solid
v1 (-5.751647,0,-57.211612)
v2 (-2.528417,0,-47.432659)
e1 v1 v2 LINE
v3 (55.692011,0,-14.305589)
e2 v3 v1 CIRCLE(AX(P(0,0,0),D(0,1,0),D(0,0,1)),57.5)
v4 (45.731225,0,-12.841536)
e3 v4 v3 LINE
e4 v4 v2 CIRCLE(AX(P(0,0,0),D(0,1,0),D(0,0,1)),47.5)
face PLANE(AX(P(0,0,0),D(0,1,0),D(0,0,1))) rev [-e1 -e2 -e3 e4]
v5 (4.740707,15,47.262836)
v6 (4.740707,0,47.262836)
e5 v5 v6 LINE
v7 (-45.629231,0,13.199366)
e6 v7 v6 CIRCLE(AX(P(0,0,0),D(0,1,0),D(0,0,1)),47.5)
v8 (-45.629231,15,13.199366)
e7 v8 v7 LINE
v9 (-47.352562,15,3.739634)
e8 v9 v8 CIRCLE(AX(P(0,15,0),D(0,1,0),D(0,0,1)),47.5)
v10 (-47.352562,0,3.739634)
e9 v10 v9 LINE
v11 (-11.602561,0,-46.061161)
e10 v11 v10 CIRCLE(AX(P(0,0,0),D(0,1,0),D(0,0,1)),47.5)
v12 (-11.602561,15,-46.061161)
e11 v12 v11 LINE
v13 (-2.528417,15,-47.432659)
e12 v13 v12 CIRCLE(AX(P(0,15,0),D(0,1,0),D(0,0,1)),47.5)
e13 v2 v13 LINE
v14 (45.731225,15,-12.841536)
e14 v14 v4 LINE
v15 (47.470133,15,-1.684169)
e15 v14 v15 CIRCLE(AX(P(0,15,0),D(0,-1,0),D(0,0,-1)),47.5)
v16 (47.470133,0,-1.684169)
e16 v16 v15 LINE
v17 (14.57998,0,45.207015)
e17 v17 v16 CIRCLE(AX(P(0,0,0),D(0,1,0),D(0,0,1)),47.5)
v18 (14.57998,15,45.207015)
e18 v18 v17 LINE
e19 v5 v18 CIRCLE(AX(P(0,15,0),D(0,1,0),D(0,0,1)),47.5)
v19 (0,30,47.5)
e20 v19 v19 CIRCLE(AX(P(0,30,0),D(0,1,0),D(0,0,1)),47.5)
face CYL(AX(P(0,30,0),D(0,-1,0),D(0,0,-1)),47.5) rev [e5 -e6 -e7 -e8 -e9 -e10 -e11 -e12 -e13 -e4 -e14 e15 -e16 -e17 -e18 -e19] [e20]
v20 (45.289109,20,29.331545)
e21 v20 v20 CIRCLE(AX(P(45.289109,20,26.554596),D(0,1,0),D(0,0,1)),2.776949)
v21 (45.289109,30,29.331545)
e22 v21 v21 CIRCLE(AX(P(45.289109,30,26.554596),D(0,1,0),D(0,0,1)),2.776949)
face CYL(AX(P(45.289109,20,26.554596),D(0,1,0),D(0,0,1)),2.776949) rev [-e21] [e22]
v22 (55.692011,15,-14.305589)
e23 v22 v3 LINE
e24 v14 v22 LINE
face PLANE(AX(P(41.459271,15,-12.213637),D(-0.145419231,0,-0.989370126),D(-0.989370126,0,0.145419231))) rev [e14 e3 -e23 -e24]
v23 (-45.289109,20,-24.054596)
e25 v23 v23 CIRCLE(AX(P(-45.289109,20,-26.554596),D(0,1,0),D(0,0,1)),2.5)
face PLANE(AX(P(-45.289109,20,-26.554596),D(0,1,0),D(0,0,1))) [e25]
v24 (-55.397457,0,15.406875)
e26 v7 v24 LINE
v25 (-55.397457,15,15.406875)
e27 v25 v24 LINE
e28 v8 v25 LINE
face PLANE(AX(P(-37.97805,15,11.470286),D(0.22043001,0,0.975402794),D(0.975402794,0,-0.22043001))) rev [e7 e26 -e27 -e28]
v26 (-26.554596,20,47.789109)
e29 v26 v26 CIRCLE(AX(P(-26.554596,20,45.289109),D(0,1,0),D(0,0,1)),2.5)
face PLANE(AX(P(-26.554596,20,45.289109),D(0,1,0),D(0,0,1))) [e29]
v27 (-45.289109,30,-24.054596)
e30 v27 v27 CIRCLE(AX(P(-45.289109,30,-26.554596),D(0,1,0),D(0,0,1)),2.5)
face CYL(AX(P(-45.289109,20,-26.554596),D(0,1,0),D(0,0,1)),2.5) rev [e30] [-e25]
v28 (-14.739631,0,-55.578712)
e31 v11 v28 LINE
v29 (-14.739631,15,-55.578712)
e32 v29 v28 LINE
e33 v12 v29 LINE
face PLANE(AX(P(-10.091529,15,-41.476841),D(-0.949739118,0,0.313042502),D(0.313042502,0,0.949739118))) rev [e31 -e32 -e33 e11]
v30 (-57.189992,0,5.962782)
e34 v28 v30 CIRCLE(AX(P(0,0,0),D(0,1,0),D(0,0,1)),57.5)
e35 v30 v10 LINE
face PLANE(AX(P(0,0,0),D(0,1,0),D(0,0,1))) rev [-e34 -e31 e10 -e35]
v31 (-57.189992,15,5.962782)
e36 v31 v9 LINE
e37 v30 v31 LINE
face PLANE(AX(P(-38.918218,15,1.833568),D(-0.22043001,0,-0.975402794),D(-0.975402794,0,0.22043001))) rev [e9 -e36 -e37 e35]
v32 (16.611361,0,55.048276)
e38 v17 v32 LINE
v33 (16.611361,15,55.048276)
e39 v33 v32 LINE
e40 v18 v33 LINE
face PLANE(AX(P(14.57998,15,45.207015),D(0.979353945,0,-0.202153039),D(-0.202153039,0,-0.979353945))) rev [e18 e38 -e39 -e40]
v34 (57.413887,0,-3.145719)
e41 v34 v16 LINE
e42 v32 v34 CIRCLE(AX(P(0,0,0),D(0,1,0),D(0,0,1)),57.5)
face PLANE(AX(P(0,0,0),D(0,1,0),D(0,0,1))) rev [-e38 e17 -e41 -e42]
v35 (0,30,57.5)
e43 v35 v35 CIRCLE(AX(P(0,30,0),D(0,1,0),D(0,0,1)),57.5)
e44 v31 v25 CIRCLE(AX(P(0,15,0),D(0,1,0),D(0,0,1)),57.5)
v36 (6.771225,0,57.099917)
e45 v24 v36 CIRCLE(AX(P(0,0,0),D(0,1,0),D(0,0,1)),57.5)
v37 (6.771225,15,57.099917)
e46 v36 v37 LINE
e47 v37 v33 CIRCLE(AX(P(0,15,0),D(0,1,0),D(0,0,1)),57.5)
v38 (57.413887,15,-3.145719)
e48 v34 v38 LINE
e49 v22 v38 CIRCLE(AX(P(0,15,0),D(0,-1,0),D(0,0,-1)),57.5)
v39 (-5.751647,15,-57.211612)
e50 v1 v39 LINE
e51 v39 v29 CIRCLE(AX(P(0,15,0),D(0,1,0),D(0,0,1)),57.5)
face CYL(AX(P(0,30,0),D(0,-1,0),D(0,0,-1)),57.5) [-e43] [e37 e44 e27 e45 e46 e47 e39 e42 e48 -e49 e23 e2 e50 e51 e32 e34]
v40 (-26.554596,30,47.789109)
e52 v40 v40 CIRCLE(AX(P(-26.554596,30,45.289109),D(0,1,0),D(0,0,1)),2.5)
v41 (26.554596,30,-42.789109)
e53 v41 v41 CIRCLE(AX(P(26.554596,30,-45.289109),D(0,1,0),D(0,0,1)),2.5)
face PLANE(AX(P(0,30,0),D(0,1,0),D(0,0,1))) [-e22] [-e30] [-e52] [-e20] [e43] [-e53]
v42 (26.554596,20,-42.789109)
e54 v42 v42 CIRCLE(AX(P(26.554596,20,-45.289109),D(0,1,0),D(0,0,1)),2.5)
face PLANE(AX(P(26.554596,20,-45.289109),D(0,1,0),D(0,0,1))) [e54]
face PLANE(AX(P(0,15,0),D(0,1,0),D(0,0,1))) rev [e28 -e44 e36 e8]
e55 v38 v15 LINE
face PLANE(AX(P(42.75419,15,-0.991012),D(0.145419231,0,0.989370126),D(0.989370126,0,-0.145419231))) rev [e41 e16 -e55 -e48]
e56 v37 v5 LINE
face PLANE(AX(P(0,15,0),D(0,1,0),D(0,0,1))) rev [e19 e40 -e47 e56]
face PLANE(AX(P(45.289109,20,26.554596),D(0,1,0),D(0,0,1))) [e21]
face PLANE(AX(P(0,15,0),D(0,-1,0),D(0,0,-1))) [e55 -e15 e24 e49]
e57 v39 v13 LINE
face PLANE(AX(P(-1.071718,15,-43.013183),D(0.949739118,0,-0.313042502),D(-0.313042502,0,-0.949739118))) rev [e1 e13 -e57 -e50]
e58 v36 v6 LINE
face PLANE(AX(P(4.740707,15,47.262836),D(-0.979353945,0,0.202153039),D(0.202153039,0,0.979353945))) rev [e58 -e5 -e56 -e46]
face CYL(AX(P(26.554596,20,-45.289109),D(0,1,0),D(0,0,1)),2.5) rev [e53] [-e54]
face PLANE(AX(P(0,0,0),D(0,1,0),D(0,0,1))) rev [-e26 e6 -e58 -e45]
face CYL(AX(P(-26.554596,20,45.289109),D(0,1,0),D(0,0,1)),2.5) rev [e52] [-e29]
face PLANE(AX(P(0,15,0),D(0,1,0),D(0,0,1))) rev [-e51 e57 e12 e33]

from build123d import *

# Parameters (mm, degrees)
ESQUISSE1_R             = 57.5
ESQUISSE1_R_2           = 47.5
BOSS_EXTRU_3_DEPTH      = 30
ENL_V_MAT_EXTRU_4_DEPTH = 15
ENL_V_MAT_EXTRU_5_DEPTH = 15
ENL_V_MAT_EXTRU_6_DEPTH = 15
ENL_V_MAT_EXTRU_7_DEPTH = 15
ESQUISSE10_R            = 2.776949087
ESQUISSE10_R_2          = 2.5
ENL_V_MAT_EXTRU_8_DEPTH = 10


with BuildPart() as part:
    # Esquisse1 → Boss.-Extru.3 (new body)
    with BuildSketch(Plane(origin=(0, 0, 0), x_dir=(1, 0, 0), z_dir=(0, 1, 0))):
        with Locations(Location((0, 0, 0), (0, 0, 270))):
            Circle(ESQUISSE1_R)
        with Locations(Location((0, 0, 0), (0, 0, 270))):
            Circle(ESQUISSE1_R_2, mode=Mode.SUBTRACT)
    extrude(amount=BOSS_EXTRU_3_DEPTH)

    # Esquisse4 → Enlèv. mat.-Extru.4 (cut)
    with BuildSketch(Plane(origin=(0, 0, 0), x_dir=(-1, 0, 0), z_dir=(0, -1, 0))):
        Polygon((-4.740706844, -47.262836337), (-14.579980258, -45.207014673), (-17.999133934, -61.771502914), (-8.15986052, -63.827324578), align=None)
    extrude(amount=-ENL_V_MAT_EXTRU_4_DEPTH, mode=Mode.SUBTRACT)

    # Esquisse6 → Enlèv. mat.-Extru.5 (cut)
    with BuildSketch(Plane(origin=(0, 0, 0), x_dir=(-1, 0, 0), z_dir=(0, -1, 0))):
        Polygon((37.97805027, -11.470285743), (58.779258548, -16.171123772), (59.719426153, -6.534405813), (38.918217876, -1.833567784), align=None)
    extrude(amount=-ENL_V_MAT_EXTRU_5_DEPTH, mode=Mode.SUBTRACT)

    # Esquisse7 → Enlèv. mat.-Extru.6 (cut)
    with BuildSketch(Plane(origin=(0, 0, 0), x_dir=(-1, 0, 0), z_dir=(0, -1, 0))):
        Polygon((10.091528645, 41.476841185), (15.939537835, 59.219106356), (6.91972705, 60.755447754), (1.071717859, 43.013182582), align=None)
    extrude(amount=-ENL_V_MAT_EXTRU_6_DEPTH, mode=Mode.SUBTRACT)

    # Esquisse8 → Enlèv. mat.-Extru.7 (cut)
    with BuildSketch(Plane(origin=(0, 0, 0), x_dir=(-1, 0, 0), z_dir=(0, -1, 0))):
        Polygon((-42.754189526, 0.991012316), (-70.16329298, 5.019646945), (-68.868374707, 16.242271981), (-41.459271253, 12.213637353), align=None)
    extrude(amount=-ENL_V_MAT_EXTRU_7_DEPTH, mode=Mode.SUBTRACT)

    # Esquisse10 → Enlèv. mat.-Extru.8 (cut)
    with BuildSketch(Plane(origin=(0, 30, 0), x_dir=(1, 0, 0), z_dir=(0, 1, 0))):
        with Locations(Location((45.289109306, -26.55459618, 0), (0, 0, 270))):
            Circle(ESQUISSE10_R)
        with Locations(Location((26.55459618, 45.289109306, 0), (0, 0, 270))):
            Circle(ESQUISSE10_R_2)
        with Locations(Location((-26.55459618, -45.289109306, 0), (0, 0, 270))):
            Circle(ESQUISSE10_R_2)
        with Locations(Location((-45.289109306, 26.55459618, 0), (0, 0, 270))):
            Circle(ESQUISSE10_R_2)
    extrude(amount=-ENL_V_MAT_EXTRU_8_DEPTH, mode=Mode.SUBTRACT)


solid = part.part
